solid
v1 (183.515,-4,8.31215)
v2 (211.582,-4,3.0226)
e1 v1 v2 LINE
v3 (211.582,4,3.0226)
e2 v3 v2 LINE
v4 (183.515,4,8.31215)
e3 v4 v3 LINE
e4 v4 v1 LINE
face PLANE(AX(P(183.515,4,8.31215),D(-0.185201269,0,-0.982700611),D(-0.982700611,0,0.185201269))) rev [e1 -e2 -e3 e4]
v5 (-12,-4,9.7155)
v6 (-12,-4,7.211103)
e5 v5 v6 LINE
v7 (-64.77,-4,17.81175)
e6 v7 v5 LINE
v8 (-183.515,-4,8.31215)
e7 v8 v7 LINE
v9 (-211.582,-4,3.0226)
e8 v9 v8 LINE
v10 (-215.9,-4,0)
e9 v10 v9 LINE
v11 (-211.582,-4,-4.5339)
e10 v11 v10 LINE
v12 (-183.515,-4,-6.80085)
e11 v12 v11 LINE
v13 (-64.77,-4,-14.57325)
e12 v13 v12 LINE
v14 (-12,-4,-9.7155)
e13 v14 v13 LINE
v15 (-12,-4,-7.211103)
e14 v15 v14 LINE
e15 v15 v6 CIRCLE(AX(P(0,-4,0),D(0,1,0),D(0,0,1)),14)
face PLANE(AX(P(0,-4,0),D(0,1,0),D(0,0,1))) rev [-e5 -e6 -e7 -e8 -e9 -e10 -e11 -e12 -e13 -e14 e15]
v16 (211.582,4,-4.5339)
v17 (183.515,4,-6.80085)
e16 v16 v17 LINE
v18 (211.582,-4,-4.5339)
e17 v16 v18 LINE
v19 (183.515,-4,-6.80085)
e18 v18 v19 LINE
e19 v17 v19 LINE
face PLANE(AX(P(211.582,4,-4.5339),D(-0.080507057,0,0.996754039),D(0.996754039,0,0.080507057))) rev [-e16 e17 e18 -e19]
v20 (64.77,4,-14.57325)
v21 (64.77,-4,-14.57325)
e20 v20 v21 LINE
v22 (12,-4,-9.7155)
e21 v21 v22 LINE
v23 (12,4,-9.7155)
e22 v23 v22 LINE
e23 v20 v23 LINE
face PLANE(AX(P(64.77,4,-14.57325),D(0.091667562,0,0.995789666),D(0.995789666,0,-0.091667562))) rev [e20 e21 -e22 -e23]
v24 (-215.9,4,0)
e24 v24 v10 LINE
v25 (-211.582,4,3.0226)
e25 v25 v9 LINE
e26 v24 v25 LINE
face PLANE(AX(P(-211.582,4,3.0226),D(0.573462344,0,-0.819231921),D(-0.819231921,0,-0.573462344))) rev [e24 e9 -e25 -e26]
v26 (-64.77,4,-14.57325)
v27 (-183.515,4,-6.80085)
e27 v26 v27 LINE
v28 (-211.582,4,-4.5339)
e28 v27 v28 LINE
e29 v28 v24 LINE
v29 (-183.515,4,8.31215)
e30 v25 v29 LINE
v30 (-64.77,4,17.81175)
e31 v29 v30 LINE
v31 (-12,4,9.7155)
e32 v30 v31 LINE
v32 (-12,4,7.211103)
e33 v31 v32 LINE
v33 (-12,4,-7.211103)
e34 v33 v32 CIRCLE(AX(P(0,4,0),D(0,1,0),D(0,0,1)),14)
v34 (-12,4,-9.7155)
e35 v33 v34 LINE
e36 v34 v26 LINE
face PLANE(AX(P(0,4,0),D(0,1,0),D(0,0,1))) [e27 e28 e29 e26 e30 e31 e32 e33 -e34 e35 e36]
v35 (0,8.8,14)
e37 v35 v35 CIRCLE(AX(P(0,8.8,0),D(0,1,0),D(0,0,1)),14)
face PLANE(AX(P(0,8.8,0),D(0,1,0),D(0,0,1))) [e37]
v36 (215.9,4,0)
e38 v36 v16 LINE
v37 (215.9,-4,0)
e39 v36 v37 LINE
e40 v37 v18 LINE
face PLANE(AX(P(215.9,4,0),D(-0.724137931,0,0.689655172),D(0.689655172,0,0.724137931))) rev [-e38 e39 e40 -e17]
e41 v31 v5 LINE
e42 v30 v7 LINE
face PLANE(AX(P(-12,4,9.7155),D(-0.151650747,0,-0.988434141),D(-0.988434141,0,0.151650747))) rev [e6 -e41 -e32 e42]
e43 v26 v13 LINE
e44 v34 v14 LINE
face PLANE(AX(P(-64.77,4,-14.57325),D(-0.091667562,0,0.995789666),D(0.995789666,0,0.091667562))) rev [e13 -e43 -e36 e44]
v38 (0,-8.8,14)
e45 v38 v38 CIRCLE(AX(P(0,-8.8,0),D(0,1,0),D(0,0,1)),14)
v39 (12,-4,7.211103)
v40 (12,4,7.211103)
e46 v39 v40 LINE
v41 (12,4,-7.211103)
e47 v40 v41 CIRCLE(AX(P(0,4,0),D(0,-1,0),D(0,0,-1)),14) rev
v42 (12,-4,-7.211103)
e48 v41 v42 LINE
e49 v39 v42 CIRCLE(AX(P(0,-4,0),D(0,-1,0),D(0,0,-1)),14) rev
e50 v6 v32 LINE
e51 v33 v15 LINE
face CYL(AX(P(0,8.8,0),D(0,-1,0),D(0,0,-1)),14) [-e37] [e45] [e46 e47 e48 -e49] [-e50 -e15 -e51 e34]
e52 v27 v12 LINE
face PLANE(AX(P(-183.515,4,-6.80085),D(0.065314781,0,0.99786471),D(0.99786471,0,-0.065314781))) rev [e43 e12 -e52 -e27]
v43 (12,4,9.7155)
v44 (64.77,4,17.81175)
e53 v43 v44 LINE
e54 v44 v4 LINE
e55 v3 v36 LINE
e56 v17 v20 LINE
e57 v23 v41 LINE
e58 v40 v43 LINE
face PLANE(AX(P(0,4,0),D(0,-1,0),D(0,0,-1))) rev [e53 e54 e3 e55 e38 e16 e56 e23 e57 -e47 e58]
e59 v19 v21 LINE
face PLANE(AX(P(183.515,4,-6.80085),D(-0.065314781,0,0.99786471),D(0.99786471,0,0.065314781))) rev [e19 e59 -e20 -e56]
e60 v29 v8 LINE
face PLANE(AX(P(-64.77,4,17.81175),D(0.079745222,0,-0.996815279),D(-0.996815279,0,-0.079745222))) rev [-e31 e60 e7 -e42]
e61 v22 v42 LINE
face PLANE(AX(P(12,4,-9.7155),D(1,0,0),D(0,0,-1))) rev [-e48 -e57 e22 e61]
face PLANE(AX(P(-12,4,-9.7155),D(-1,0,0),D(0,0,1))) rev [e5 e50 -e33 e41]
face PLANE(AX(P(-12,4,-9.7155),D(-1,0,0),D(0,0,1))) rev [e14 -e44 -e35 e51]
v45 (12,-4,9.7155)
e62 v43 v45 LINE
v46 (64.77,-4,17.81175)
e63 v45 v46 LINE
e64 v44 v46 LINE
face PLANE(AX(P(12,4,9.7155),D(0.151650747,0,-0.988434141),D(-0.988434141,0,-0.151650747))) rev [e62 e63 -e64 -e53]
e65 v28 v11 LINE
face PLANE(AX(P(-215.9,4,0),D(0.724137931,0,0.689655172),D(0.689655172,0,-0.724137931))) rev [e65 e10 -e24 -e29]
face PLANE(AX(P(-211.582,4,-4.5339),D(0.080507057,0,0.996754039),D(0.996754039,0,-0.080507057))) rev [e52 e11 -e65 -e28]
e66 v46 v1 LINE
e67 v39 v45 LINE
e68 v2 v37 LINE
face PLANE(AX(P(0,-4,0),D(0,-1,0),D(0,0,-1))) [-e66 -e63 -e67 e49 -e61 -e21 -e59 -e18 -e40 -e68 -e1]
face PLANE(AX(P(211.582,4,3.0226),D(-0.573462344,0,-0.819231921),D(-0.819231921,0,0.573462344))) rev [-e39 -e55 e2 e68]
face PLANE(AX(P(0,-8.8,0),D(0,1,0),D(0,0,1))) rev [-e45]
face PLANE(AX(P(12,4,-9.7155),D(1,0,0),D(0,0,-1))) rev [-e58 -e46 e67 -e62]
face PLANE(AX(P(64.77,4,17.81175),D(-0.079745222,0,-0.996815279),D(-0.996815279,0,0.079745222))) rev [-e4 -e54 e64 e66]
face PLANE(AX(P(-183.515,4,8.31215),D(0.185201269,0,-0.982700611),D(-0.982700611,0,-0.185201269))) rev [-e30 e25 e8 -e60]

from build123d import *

# Parameters (mm, degrees)
BOSS_EXTRUDE1_DEPTH   = 4
BOSS_EXTRUDE1_2_DEPTH = 4
SKETCH2_R             = 14
BOSS_EXTRUDE2_DEPTH   = 8.8


with BuildPart() as part:
    # Sketch1 → Boss-Extrude1 (new, symmetric)
    with BuildSketch(Plane(origin=(0, 0, 0), x_dir=(1, 0, 0), z_dir=(0, 1, 0))):
        Polygon((12, -9.7155), (64.77, -17.81175), (183.515, -8.31215), (211.582, -3.0226), (215.9, 0), (211.582, 4.5339), (183.515, 6.80085), (64.77, 14.57325), (12, 9.7155), align=None)
    extrude(amount=BOSS_EXTRUDE1_DEPTH, both=True)



with BuildPart() as body_2:
    # Sketch1 → Boss-Extrude1 2 (new, symmetric)
    with BuildSketch(Plane(origin=(0, 0, 0), x_dir=(1, 0, 0), z_dir=(0, 1, 0))):
        Polygon((-12, -9.7155), (-64.77, -17.81175), (-183.515, -8.31215), (-211.582, -3.0226), (-215.9, 0), (-211.582, 4.5339), (-183.515, 6.80085), (-64.77, 14.57325), (-12, 9.7155), align=None)
    extrude(amount=BOSS_EXTRUDE1_2_DEPTH, both=True)


with BuildPart() as part_1:
    add(part.part)

    add(body_2.part)  # Boss-Extrude2 merges body 2
    # Sketch2 → Boss-Extrude2 (add, symmetric)
    with BuildSketch(Plane(origin=(0, 0, 0), x_dir=(1, 0, 0), z_dir=(0, 1, 0))):
        with Locations(Location((0, 0, 0), (0, 0, 270))):
            Circle(SKETCH2_R)
    extrude(amount=BOSS_EXTRUDE2_DEPTH, both=True)


solid = part_1.part
